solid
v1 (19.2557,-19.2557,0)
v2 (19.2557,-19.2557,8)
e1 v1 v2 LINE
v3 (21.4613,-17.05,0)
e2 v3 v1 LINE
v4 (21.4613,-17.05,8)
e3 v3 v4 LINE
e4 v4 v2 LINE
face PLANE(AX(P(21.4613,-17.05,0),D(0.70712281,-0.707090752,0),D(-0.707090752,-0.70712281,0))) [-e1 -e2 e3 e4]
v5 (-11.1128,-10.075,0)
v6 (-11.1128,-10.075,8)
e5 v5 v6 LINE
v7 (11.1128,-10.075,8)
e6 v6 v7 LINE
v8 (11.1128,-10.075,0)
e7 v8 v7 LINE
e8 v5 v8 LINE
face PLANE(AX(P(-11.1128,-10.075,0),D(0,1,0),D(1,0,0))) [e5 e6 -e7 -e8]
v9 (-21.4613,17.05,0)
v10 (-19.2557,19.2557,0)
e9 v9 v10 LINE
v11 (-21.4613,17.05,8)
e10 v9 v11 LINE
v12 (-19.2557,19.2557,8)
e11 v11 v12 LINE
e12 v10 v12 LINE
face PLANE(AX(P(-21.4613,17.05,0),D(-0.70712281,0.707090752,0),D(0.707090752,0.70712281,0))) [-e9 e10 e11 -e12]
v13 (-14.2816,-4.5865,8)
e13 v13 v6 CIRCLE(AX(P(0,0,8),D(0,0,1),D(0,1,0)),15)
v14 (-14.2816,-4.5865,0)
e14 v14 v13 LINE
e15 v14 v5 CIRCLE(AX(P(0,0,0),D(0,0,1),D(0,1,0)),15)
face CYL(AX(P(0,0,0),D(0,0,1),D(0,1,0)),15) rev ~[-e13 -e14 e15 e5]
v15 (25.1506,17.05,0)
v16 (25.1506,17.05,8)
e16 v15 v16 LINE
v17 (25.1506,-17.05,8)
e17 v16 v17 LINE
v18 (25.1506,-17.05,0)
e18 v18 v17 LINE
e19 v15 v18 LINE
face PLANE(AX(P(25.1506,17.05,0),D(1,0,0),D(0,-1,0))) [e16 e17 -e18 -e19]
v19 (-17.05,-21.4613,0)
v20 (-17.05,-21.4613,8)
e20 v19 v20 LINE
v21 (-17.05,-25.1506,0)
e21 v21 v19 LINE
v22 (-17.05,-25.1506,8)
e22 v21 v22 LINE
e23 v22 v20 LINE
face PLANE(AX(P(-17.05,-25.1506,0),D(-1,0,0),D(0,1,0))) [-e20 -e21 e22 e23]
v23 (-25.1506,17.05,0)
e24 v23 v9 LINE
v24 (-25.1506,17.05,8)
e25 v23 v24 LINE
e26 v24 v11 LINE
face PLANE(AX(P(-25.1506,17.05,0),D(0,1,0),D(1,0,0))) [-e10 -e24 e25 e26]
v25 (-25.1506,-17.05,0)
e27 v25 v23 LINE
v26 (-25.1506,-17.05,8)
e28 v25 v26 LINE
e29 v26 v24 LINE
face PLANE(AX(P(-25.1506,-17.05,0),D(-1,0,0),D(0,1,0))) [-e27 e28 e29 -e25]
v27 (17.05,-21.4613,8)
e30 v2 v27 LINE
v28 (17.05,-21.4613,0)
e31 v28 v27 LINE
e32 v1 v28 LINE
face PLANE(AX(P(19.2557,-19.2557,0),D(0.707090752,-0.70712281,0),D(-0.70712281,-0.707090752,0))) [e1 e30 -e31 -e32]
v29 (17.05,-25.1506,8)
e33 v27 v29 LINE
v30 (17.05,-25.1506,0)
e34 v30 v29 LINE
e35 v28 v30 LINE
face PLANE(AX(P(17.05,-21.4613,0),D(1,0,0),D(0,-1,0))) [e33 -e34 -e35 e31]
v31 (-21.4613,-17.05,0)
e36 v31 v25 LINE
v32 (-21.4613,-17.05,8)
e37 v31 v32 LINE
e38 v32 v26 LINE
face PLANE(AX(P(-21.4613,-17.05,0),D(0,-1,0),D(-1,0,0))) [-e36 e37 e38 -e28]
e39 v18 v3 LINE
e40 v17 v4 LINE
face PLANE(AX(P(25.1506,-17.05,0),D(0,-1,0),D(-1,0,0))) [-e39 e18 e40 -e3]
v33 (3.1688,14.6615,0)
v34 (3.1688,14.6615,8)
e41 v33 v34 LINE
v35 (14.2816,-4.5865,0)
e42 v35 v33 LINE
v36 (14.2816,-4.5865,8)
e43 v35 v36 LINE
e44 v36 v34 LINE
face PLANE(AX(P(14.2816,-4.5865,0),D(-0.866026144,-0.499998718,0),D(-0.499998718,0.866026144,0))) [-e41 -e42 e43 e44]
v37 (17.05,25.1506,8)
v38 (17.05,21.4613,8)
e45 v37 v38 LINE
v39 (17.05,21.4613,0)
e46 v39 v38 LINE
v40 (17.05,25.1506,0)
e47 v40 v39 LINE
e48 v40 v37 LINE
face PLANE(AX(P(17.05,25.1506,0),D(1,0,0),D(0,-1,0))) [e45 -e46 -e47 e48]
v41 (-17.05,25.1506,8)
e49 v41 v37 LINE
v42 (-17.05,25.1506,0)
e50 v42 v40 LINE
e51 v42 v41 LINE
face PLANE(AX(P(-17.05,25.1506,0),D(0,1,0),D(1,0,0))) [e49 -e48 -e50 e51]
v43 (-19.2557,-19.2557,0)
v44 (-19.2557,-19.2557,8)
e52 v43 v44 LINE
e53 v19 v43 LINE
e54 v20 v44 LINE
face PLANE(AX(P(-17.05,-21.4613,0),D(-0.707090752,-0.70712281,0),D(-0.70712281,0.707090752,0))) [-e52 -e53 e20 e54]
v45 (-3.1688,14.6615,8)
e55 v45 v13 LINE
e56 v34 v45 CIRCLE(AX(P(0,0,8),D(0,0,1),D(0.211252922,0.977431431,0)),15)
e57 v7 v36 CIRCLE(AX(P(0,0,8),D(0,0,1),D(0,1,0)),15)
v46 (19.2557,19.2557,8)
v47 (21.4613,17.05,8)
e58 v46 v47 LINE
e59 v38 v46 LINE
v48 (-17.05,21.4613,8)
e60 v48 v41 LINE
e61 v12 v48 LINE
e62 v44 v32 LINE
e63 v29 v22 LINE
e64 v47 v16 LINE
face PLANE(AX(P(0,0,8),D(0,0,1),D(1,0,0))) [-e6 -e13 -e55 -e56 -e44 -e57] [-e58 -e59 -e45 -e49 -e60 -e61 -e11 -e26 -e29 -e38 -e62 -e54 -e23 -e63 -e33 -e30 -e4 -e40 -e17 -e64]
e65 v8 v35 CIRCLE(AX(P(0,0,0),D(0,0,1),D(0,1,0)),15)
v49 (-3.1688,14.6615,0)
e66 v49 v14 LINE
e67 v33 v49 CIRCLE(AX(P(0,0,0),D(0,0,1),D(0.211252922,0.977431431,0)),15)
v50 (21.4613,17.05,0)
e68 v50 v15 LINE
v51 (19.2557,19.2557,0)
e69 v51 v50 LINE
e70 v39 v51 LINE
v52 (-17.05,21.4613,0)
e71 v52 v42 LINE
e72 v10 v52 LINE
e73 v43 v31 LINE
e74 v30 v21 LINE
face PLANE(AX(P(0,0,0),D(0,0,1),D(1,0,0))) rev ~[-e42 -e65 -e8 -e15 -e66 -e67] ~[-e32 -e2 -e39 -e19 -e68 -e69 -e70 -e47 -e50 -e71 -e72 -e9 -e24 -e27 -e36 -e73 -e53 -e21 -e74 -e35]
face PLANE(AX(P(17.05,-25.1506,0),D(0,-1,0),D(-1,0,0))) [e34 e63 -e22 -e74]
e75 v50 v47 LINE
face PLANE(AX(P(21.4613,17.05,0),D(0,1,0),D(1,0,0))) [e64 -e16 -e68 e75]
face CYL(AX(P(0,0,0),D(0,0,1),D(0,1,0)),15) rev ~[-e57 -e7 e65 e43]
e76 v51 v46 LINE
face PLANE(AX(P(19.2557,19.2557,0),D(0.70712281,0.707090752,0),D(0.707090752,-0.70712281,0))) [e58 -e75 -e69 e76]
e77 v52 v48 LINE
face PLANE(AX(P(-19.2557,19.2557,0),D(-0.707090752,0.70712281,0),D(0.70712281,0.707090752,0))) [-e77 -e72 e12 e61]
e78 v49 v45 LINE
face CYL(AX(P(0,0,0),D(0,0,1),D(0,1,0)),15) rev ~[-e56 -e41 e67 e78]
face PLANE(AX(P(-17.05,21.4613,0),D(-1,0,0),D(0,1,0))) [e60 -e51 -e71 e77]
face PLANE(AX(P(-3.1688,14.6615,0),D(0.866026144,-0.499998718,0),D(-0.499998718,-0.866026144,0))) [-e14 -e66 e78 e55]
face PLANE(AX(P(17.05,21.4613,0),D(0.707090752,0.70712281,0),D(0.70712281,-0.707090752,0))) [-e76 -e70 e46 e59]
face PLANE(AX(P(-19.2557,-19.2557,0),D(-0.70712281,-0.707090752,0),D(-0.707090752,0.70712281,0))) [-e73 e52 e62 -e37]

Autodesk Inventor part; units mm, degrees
ref_plane "YZ Plane" through (0, 0, 0) normal (1, 0, 0) x (0, 1, 0)
ref_plane "XZ Plane" through (0, 0, 0) normal (0, 1, 0) x (-1, 0, 0)
ref_plane "XY Plane" through (0, 0, 0) normal (0, 0, 1) x (1, 0, 0)
sketch "Sketch1" plane through (0, 0, 0) normal (0, 0, 1) x (1, 0, 0)
  line L0 (-35.2109, 0) -> (35.2109, 0) construction
  line L1 (0, -35.2109) -> (0, 35.2109) construction
  line L2 (0, 0) -> (13.4339, 13.4339) construction
  line L3 (0, 0) -> (18.9985, 0) construction
  line L4 (0, 25.1006) -> (17, 25.1006)
  line L5 (17, 25.1006) -> (17, 21.4406)
  line L6 (17, 21.4406) -> (19.2203, 19.2203)
  line L7 (25.1006, 0) -> (25.1006, 17)
  line L8 (25.1006, 17) -> (21.4406, 17)
  line L9 (21.4406, 17) -> (19.2203, 19.2203)
  line L10 (0, 0) -> (-13.4339, 13.4339) construction
  line L11 (0, 0) -> (-18.9985, 0) construction
  line L12 (0, 25.1006) -> (-17, 25.1006)
  line L13 (-17, 25.1006) -> (-17, 21.4406)
  line L14 (-17, 21.4406) -> (-19.2203, 19.2203)
  line L15 (-25.1006, 0) -> (-25.1006, 17)
  line L16 (-25.1006, 17) -> (-21.4406, 17)
  line L17 (-21.4406, 17) -> (-19.2203, 19.2203)
  line L18 (0, 0) -> (13.4339, -13.4339) construction
  line L19 (0, -25.1006) -> (17, -25.1006)
  line L20 (17, -25.1006) -> (17, -21.4406)
  line L21 (17, -21.4406) -> (19.2203, -19.2203)
  line L22 (25.1006, 0) -> (25.1006, -17)
  line L23 (25.1006, -17) -> (21.4406, -17)
  line L24 (21.4406, -17) -> (19.2203, -19.2203)
  line L25 (0, 0) -> (-13.4339, -13.4339) construction
  line L26 (0, -25.1006) -> (-17, -25.1006)
  line L27 (-17, -25.1006) -> (-17, -21.4406)
  line L28 (-17, -21.4406) -> (-19.2203, -19.2203)
  line L29 (-25.1006, 0) -> (-25.1006, -17)
  line L30 (-25.1006, -17) -> (-21.4406, -17)
  line L31 (-21.4406, -17) -> (-19.2203, -19.2203)
  line L32 (-17.05, 25.1506) -> (0, 25.1506)
  line L33 (0, 25.1506) -> (17.05, 25.1506)
  line L34 (17.05, 25.1506) -> (17.05, 21.4613)
  line L35 (17.05, 21.4613) -> (19.2557, 19.2557)
  line L36 (19.2557, 19.2557) -> (21.4613, 17.05)
  line L37 (21.4613, 17.05) -> (25.1506, 17.05)
  line L38 (25.1506, 17.05) -> (25.1506, 0)
  line L39 (25.1506, 0) -> (25.1506, -17.05)
  line L40 (25.1506, -17.05) -> (21.4613, -17.05)
  line L41 (21.4613, -17.05) -> (19.2557, -19.2557)
  line L42 (19.2557, -19.2557) -> (17.05, -21.4613)
  line L43 (17.05, -21.4613) -> (17.05, -25.1506)
  line L44 (17.05, -25.1506) -> (0, -25.1506)
  line L45 (0, -25.1506) -> (-17.05, -25.1506)
  line L46 (-17.05, -25.1506) -> (-17.05, -21.4613)
  line L47 (-17.05, -21.4613) -> (-19.2557, -19.2557)
  line L48 (-19.2557, -19.2557) -> (-21.4613, -17.05)
  line L49 (-21.4613, -17.05) -> (-25.1506, -17.05)
  line L50 (-25.1506, -17.05) -> (-25.1506, 0)
  line L51 (-25.1506, 0) -> (-25.1506, 17.05)
  line L52 (-25.1506, 17.05) -> (-21.4613, 17.05)
  line L53 (-21.4613, 17.05) -> (-19.2557, 19.2557)
  line L54 (-19.2557, 19.2557) -> (-17.05, 21.4613)
  line L55 (-17.05, 21.4613) -> (-17.05, 25.1506)
  dimension "d0" = 45
  dimension "d1" = 3.14
  dimension "d2" = 3.66
  dimension "d3" = 17
  dimension "d23" = 0.05
extrude "Extrusion1" add sketch "Sketch1" along normal blind 8 contours L4 L5 L6 L9 L8 L7 L22 L23 L24 L21 L20 L19 L26 L27 L28 L31 L30 L29 L15 L16 L17 L14 L13 L12 | L32 L33 L34 L35 L36 L37 L38 L39 L40 L41 L42 L43 L44 L45 L46 L47 L48 L49 L50 L51 L52 L53 L54 L55
hole "Hole1" at (0, 0, 0) direction (0, 0, 1) diameter 30 end through all
sketch "Sketch2" plane through (0, 0, 0) normal (0, 0, -1) x (-1, 0, 0)
  circle A0 centre (0, 0) radius 15 projected
  line L0 (3.1688, 14.6615) -> (14.2816, -4.5865)
  line L1 (11.1128, -10.075) -> (-11.1128, -10.075)
  line L2 (-14.2816, -4.5865) -> (-3.1688, 14.6615)
  circle A1 centre (0, 0) radius 10.075 construction
  circle A2 centre (0, 0) radius 15 construction
  circle A3 centre (0, 0) radius 15 construction
  arc A4 (14.2816, -4.5865) -> (3.1688, 14.6615) centre (0, 0) ccw
  arc A5 (-11.1128, -10.075) -> (11.1128, -10.075) centre (0, 0) ccw
  arc A6 (-3.1688, 14.6615) -> (-14.2816, -4.5865) centre (0, 0) ccw
  dimension "d22" = 20.15
extrude "Extrusion2" add sketch "Sketch2" against normal up to surface (8 mm away) contours A0 L0 | L2 A0 | A0 L1
equation "\"Lens_diameter\" = 25"
properties part number "20_IM_Cube_Insert_Lens_holder_RMS_63x"
